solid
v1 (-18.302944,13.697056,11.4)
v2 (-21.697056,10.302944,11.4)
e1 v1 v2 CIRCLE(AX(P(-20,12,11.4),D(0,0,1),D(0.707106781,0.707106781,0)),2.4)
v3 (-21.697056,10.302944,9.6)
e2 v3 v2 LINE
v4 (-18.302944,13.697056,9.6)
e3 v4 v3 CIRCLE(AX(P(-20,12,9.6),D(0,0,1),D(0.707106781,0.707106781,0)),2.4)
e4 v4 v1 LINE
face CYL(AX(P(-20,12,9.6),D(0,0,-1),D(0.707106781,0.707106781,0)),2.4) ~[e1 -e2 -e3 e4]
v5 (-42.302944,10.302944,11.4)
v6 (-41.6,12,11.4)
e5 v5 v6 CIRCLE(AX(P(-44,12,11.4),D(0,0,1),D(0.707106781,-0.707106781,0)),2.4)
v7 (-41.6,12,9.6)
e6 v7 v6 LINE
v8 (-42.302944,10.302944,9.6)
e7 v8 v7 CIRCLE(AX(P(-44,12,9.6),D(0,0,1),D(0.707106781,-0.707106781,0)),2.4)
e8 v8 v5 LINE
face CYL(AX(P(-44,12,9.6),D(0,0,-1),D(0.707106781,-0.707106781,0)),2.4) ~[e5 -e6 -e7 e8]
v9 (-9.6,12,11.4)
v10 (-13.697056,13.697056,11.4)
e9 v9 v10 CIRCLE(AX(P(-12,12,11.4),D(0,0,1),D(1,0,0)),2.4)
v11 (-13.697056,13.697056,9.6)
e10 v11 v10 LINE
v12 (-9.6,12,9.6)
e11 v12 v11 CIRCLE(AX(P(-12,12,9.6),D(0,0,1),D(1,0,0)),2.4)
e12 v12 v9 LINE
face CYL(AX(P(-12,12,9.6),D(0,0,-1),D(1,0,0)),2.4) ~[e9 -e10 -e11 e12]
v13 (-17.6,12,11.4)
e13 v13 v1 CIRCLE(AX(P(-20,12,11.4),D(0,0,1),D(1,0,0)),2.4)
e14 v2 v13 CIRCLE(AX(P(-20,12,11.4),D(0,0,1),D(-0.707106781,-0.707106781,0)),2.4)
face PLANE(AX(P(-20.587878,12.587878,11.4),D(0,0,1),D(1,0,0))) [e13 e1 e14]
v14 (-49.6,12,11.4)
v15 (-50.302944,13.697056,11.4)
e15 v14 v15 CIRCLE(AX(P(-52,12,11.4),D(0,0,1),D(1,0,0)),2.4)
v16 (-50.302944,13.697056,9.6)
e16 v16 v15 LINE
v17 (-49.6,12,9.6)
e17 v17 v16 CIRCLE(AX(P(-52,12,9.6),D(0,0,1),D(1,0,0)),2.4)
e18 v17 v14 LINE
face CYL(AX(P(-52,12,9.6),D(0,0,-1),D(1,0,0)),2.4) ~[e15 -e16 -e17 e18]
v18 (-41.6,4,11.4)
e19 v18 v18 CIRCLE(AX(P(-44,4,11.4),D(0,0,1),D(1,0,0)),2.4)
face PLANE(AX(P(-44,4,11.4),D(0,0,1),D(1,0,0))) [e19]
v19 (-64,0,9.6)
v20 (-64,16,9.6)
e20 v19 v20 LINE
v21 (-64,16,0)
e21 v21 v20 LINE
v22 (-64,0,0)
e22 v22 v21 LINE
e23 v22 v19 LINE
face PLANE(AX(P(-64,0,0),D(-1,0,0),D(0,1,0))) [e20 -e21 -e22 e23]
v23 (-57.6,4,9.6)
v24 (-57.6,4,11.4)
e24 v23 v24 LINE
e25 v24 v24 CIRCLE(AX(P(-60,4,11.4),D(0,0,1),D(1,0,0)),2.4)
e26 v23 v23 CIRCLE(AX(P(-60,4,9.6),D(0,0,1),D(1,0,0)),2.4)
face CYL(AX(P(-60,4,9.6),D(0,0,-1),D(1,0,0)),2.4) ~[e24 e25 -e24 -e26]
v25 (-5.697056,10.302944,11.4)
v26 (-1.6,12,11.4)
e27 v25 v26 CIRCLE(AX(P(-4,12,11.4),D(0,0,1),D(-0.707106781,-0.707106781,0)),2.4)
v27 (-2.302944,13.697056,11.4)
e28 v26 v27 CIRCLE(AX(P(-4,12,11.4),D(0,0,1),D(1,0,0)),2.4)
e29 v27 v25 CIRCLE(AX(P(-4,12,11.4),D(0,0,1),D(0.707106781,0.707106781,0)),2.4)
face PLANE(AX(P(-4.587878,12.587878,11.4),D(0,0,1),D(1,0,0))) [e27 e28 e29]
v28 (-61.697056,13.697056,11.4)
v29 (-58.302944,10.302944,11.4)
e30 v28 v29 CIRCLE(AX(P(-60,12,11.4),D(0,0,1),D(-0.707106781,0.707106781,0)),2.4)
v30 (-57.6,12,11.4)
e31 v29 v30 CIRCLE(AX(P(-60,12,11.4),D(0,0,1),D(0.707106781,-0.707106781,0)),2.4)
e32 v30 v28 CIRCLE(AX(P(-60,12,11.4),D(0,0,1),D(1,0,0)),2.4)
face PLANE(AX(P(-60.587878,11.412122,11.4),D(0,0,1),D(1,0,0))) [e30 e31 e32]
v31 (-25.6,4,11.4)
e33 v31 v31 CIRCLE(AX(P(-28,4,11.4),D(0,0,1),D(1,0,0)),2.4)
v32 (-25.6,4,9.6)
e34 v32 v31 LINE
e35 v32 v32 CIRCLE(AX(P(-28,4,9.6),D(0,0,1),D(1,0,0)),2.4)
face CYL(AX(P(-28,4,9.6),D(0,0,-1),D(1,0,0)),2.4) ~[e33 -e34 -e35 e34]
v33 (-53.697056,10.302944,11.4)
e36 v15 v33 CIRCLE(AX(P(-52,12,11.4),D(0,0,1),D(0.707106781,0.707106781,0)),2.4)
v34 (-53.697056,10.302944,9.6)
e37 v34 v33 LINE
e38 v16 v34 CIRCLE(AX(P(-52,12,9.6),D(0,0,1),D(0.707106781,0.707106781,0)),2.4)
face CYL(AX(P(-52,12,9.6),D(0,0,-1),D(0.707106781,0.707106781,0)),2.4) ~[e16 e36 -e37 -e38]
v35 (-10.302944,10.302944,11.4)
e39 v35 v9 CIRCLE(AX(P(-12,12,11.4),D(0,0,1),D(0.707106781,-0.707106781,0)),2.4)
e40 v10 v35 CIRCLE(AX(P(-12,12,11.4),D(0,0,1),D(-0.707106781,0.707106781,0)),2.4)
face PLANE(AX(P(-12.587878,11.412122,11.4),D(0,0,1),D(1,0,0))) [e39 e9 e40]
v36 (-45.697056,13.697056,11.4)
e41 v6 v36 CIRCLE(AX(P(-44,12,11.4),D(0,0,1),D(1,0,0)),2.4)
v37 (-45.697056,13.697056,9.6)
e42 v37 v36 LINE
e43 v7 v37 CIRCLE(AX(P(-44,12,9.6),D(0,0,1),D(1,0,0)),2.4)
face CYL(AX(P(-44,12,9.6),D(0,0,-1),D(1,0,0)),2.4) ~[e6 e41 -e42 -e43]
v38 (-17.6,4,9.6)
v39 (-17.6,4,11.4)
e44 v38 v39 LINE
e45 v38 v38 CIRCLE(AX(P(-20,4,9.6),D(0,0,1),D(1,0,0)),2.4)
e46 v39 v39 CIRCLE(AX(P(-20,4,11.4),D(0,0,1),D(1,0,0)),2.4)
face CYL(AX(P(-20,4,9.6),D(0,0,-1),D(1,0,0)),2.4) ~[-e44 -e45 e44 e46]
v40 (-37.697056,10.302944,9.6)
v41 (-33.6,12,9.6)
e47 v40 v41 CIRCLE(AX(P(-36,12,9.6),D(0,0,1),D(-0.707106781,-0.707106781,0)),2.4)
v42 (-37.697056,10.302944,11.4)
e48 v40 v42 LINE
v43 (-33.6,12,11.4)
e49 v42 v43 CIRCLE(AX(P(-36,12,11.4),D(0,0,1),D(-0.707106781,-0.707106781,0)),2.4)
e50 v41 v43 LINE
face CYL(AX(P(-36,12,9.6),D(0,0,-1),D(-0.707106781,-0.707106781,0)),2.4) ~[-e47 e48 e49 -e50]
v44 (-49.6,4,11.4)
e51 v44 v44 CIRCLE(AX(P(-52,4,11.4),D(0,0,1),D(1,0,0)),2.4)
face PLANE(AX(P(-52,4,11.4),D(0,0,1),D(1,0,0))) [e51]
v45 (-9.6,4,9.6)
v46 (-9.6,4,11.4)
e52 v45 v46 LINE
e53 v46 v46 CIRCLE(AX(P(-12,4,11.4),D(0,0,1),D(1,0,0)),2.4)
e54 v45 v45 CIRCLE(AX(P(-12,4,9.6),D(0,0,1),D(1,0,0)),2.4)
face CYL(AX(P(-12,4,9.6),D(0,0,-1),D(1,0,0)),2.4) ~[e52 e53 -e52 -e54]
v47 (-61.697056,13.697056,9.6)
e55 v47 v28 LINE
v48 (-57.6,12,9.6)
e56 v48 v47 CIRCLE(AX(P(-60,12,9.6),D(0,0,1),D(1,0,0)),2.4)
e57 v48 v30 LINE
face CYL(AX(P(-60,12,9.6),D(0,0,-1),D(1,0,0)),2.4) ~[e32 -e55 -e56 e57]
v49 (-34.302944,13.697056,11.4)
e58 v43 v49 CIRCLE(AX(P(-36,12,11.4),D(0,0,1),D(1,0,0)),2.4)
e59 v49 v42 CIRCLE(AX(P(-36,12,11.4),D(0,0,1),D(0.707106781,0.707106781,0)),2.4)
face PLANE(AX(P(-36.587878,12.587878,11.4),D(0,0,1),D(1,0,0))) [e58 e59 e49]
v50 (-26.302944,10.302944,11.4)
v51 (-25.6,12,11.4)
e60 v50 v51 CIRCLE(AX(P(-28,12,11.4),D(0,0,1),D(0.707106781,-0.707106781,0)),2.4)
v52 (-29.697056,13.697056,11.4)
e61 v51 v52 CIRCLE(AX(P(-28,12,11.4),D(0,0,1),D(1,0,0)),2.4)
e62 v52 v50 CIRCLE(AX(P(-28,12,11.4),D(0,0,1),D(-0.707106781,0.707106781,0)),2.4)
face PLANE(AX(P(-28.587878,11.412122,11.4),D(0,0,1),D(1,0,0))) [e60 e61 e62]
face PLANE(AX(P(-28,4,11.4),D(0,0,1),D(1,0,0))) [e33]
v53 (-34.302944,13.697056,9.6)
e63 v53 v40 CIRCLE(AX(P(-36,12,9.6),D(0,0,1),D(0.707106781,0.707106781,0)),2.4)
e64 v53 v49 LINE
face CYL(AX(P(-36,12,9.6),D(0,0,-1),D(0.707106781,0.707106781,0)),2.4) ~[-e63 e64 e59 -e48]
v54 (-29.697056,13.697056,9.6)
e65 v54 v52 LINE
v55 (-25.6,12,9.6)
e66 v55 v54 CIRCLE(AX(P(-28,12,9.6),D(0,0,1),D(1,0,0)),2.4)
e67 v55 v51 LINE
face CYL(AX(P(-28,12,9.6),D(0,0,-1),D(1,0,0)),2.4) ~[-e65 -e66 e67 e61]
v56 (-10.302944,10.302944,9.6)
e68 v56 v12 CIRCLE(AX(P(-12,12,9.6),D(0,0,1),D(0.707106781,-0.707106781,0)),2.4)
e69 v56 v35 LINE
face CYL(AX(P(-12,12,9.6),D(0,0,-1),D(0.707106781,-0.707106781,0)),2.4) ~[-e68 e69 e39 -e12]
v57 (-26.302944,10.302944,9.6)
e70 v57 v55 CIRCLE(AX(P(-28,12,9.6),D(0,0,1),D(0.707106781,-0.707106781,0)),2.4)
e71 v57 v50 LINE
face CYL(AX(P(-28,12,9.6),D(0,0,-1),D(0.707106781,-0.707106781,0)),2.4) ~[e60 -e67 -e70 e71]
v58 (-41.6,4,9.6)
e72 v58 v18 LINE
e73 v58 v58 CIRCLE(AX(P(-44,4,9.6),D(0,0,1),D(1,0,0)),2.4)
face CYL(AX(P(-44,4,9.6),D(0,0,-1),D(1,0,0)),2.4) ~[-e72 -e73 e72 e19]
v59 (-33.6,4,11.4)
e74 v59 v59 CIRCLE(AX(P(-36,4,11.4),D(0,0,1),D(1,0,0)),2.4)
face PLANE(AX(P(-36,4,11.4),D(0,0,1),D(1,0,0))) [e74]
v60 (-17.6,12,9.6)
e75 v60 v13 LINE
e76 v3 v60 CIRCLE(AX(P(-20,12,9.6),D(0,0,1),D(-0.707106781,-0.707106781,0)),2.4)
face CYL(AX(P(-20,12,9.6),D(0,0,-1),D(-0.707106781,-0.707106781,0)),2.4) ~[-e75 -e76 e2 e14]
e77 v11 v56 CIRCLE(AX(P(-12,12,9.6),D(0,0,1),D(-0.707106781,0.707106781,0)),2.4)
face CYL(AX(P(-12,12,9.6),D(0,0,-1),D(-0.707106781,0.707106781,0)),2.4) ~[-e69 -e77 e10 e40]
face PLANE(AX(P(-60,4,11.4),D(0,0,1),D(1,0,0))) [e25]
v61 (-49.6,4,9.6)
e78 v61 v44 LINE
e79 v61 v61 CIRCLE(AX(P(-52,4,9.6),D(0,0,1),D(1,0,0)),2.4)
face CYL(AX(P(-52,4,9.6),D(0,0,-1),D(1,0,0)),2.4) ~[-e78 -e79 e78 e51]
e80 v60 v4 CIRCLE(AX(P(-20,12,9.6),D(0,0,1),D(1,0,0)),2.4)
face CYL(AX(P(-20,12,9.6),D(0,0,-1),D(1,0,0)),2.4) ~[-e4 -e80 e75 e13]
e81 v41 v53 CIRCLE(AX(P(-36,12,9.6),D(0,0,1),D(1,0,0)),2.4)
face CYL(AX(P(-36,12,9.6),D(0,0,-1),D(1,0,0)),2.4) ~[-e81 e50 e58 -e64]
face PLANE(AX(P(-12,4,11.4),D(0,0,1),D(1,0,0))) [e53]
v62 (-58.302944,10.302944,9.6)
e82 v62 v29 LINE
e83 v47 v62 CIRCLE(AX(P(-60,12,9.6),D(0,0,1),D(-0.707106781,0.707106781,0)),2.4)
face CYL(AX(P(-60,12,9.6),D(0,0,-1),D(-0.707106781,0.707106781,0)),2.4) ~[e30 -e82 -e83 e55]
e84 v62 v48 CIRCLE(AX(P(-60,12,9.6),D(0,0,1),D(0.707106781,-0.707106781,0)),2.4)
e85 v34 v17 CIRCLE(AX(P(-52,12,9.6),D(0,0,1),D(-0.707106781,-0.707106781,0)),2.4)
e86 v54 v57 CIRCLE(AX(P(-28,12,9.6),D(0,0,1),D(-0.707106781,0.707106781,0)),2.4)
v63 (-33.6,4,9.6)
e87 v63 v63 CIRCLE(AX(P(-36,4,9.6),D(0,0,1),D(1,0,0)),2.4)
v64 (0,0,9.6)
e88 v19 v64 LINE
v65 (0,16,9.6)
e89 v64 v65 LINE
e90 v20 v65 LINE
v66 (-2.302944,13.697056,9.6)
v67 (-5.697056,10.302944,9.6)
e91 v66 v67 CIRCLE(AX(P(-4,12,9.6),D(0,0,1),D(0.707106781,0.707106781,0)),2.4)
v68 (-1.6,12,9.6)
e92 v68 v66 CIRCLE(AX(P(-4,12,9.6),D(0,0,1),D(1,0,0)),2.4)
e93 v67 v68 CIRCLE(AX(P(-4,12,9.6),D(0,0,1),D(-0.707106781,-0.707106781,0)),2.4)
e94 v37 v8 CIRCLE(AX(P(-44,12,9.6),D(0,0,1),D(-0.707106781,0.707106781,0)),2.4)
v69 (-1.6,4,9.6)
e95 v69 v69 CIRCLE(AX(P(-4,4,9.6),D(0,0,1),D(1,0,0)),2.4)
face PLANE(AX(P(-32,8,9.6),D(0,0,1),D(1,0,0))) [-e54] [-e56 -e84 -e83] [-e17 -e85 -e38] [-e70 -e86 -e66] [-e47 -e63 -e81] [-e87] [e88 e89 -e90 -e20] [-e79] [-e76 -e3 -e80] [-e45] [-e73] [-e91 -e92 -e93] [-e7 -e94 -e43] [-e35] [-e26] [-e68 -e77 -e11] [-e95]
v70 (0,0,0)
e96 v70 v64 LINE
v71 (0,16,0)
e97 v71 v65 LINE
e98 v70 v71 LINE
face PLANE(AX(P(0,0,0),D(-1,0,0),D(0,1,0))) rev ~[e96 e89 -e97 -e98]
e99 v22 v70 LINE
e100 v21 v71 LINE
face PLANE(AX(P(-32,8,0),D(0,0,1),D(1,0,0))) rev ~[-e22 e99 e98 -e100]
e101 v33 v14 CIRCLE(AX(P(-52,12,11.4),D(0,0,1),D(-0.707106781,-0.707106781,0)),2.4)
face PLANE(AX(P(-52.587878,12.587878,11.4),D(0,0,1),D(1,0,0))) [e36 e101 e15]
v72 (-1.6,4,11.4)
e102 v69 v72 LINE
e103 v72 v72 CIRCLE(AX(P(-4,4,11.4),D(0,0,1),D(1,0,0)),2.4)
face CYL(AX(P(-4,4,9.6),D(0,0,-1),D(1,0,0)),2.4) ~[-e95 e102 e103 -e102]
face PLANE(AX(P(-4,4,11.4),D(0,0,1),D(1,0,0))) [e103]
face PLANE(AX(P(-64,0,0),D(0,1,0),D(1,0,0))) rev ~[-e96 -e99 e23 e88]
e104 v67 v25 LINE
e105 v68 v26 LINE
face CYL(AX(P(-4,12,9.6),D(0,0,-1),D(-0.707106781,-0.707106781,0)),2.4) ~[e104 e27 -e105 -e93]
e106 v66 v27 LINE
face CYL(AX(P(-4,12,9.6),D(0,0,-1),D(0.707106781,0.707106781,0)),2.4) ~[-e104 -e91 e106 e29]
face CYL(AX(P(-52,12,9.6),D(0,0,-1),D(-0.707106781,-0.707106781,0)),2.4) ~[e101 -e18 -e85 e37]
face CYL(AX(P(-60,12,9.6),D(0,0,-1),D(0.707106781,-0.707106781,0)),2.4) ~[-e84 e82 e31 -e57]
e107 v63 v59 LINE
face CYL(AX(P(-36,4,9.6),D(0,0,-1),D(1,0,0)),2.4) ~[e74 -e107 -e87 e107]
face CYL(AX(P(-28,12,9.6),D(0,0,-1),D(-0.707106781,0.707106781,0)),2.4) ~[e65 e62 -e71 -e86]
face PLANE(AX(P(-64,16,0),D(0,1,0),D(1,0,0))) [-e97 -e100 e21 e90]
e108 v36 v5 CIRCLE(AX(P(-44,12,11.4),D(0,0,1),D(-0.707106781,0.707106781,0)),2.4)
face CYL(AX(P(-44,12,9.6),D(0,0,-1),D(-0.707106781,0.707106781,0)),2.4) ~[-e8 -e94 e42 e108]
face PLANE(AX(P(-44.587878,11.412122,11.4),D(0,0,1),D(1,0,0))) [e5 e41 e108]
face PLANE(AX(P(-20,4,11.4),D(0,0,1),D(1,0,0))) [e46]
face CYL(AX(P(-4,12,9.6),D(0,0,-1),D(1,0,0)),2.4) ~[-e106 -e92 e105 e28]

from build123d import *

# Parameters (mm, degrees)
F0_W     = 64
F0_H     = 16
F1_DEPTH = 9.6
F2_R     = 2.4
F3_DEPTH = 1.8


with BuildPart() as f1:
    # F0 (on Top) → F1 (new body)
    with BuildSketch(Plane.XY):
        with Locations((-32, 8)):
            Rectangle(F0_W, F0_H)
    extrude(amount=F1_DEPTH)

    # F2 (on face) → F3 (join)
    with BuildSketch(Plane.XY.offset(9.6)):
        with Locations((-60, 4)):
            Circle(F2_R)
        with BuildLine():
            ThreePointArc((-61.6970562748, 13.6970562748), (-61.6970562748, 10.3029437252), (-58.3029437252, 10.3029437252))
            Line((-58.3029437252, 10.3029437252), (-61.6970562748, 13.6970562748))
        make_face()
        with BuildLine():
            Line((-61.6970562748, 13.6970562748), (-58.3029437252, 10.3029437252))
            ThreePointArc((-58.3029437252, 10.3029437252), (-57.782689122, 11.0815597623), (-57.6, 12))
            ThreePointArc((-57.6, 12), (-59.0815597623, 14.217310878), (-61.6970562748, 13.6970562748))
        make_face()
        with BuildLine():
            ThreePointArc((-50.3029437252, 13.6970562748), (-53.6970562748, 13.6970562748), (-53.6970562748, 10.3029437252))
            Line((-53.6970562748, 10.3029437252), (-50.3029437252, 13.6970562748))
        make_face()
        with BuildLine():
            Line((-50.3029437252, 13.6970562748), (-53.6970562748, 10.3029437252))
            ThreePointArc((-53.6970562748, 10.3029437252), (-51.0815597623, 9.782689122), (-49.6, 12))
            ThreePointArc((-49.6, 12), (-49.782689122, 12.9184402377), (-50.3029437252, 13.6970562748))
        make_face()
        with BuildLine():
            ThreePointArc((-45.6970562748, 13.6970562748), (-45.6970562748, 10.3029437252), (-42.3029437252, 10.3029437252))
            Line((-42.3029437252, 10.3029437252), (-45.6970562748, 13.6970562748))
        make_face()
        with BuildLine():
            Line((-45.6970562748, 13.6970562748), (-42.3029437252, 10.3029437252))
            ThreePointArc((-42.3029437252, 10.3029437252), (-41.782689122, 11.0815597623), (-41.6, 12))
            ThreePointArc((-41.6, 12), (-43.0815597623, 14.217310878), (-45.6970562748, 13.6970562748))
        make_face()
        with BuildLine():
            ThreePointArc((-34.3029437252, 13.6970562748), (-37.6970562748, 13.6970562748), (-37.6970562748, 10.3029437252))
            Line((-37.6970562748, 10.3029437252), (-34.3029437252, 13.6970562748))
        make_face()
        with BuildLine():
            Line((-34.3029437252, 13.6970562748), (-37.6970562748, 10.3029437252))
            ThreePointArc((-37.6970562748, 10.3029437252), (-35.0815597623, 9.782689122), (-33.6, 12))
            ThreePointArc((-33.6, 12), (-33.782689122, 12.9184402377), (-34.3029437252, 13.6970562748))
        make_face()
        with BuildLine():
            ThreePointArc((-29.6970562748, 13.6970562748), (-29.6970562748, 10.3029437252), (-26.3029437252, 10.3029437252))
            Line((-26.3029437252, 10.3029437252), (-29.6970562748, 13.6970562748))
        make_face()
        with BuildLine():
            Line((-29.6970562748, 13.6970562748), (-26.3029437252, 10.3029437252))
            ThreePointArc((-26.3029437252, 10.3029437252), (-25.782689122, 11.0815597623), (-25.6, 12))
            ThreePointArc((-25.6, 12), (-27.0815597623, 14.217310878), (-29.6970562748, 13.6970562748))
        make_face()
        with BuildLine():
            ThreePointArc((-18.3029437252, 13.6970562748), (-21.6970562748, 13.6970562748), (-21.6970562748, 10.3029437252))
            Line((-21.6970562748, 10.3029437252), (-18.3029437252, 13.6970562748))
        make_face()
        with BuildLine():
            Line((-18.3029437252, 13.6970562748), (-21.6970562748, 10.3029437252))
            ThreePointArc((-21.6970562748, 10.3029437252), (-19.0815597623, 9.782689122), (-17.6, 12))
            ThreePointArc((-17.6, 12), (-17.782689122, 12.9184402377), (-18.3029437252, 13.6970562748))
        make_face()
        with BuildLine():
            ThreePointArc((-13.6970562748, 13.6970562748), (-13.6970562748, 10.3029437252), (-10.3029437252, 10.3029437252))
            Line((-10.3029437252, 10.3029437252), (-13.6970562748, 13.6970562748))
        make_face()
        with BuildLine():
            Line((-13.6970562748, 13.6970562748), (-10.3029437252, 10.3029437252))
            ThreePointArc((-10.3029437252, 10.3029437252), (-9.782689122, 11.0815597623), (-9.6, 12))
            ThreePointArc((-9.6, 12), (-11.0815597623, 14.217310878), (-13.6970562748, 13.6970562748))
        make_face()
        with BuildLine():
            ThreePointArc((-2.3029437252, 13.6970562748), (-5.6970562748, 13.6970562748), (-5.6970562748, 10.3029437252))
            Line((-5.6970562748, 10.3029437252), (-2.3029437252, 13.6970562748))
        make_face()
        with BuildLine():
            Line((-2.3029437252, 13.6970562748), (-5.6970562748, 10.3029437252))
            ThreePointArc((-5.6970562748, 10.3029437252), (-3.0815597623, 9.782689122), (-1.6, 12))
            ThreePointArc((-1.6, 12), (-1.782689122, 12.9184402377), (-2.3029437252, 13.6970562748))
        make_face()
        with Locations((-4, 4)):
            Circle(F2_R)
        with Locations((-12, 4)):
            Circle(F2_R)
        with Locations((-20, 4)):
            Circle(F2_R)
        with Locations((-28, 4)):
            Circle(F2_R)
        with Locations((-36, 4)):
            Circle(F2_R)
        with Locations((-44, 4)):
            Circle(F2_R)
        with Locations((-52, 4)):
            Circle(F2_R)
    extrude(amount=F3_DEPTH)


solid = f1.part
